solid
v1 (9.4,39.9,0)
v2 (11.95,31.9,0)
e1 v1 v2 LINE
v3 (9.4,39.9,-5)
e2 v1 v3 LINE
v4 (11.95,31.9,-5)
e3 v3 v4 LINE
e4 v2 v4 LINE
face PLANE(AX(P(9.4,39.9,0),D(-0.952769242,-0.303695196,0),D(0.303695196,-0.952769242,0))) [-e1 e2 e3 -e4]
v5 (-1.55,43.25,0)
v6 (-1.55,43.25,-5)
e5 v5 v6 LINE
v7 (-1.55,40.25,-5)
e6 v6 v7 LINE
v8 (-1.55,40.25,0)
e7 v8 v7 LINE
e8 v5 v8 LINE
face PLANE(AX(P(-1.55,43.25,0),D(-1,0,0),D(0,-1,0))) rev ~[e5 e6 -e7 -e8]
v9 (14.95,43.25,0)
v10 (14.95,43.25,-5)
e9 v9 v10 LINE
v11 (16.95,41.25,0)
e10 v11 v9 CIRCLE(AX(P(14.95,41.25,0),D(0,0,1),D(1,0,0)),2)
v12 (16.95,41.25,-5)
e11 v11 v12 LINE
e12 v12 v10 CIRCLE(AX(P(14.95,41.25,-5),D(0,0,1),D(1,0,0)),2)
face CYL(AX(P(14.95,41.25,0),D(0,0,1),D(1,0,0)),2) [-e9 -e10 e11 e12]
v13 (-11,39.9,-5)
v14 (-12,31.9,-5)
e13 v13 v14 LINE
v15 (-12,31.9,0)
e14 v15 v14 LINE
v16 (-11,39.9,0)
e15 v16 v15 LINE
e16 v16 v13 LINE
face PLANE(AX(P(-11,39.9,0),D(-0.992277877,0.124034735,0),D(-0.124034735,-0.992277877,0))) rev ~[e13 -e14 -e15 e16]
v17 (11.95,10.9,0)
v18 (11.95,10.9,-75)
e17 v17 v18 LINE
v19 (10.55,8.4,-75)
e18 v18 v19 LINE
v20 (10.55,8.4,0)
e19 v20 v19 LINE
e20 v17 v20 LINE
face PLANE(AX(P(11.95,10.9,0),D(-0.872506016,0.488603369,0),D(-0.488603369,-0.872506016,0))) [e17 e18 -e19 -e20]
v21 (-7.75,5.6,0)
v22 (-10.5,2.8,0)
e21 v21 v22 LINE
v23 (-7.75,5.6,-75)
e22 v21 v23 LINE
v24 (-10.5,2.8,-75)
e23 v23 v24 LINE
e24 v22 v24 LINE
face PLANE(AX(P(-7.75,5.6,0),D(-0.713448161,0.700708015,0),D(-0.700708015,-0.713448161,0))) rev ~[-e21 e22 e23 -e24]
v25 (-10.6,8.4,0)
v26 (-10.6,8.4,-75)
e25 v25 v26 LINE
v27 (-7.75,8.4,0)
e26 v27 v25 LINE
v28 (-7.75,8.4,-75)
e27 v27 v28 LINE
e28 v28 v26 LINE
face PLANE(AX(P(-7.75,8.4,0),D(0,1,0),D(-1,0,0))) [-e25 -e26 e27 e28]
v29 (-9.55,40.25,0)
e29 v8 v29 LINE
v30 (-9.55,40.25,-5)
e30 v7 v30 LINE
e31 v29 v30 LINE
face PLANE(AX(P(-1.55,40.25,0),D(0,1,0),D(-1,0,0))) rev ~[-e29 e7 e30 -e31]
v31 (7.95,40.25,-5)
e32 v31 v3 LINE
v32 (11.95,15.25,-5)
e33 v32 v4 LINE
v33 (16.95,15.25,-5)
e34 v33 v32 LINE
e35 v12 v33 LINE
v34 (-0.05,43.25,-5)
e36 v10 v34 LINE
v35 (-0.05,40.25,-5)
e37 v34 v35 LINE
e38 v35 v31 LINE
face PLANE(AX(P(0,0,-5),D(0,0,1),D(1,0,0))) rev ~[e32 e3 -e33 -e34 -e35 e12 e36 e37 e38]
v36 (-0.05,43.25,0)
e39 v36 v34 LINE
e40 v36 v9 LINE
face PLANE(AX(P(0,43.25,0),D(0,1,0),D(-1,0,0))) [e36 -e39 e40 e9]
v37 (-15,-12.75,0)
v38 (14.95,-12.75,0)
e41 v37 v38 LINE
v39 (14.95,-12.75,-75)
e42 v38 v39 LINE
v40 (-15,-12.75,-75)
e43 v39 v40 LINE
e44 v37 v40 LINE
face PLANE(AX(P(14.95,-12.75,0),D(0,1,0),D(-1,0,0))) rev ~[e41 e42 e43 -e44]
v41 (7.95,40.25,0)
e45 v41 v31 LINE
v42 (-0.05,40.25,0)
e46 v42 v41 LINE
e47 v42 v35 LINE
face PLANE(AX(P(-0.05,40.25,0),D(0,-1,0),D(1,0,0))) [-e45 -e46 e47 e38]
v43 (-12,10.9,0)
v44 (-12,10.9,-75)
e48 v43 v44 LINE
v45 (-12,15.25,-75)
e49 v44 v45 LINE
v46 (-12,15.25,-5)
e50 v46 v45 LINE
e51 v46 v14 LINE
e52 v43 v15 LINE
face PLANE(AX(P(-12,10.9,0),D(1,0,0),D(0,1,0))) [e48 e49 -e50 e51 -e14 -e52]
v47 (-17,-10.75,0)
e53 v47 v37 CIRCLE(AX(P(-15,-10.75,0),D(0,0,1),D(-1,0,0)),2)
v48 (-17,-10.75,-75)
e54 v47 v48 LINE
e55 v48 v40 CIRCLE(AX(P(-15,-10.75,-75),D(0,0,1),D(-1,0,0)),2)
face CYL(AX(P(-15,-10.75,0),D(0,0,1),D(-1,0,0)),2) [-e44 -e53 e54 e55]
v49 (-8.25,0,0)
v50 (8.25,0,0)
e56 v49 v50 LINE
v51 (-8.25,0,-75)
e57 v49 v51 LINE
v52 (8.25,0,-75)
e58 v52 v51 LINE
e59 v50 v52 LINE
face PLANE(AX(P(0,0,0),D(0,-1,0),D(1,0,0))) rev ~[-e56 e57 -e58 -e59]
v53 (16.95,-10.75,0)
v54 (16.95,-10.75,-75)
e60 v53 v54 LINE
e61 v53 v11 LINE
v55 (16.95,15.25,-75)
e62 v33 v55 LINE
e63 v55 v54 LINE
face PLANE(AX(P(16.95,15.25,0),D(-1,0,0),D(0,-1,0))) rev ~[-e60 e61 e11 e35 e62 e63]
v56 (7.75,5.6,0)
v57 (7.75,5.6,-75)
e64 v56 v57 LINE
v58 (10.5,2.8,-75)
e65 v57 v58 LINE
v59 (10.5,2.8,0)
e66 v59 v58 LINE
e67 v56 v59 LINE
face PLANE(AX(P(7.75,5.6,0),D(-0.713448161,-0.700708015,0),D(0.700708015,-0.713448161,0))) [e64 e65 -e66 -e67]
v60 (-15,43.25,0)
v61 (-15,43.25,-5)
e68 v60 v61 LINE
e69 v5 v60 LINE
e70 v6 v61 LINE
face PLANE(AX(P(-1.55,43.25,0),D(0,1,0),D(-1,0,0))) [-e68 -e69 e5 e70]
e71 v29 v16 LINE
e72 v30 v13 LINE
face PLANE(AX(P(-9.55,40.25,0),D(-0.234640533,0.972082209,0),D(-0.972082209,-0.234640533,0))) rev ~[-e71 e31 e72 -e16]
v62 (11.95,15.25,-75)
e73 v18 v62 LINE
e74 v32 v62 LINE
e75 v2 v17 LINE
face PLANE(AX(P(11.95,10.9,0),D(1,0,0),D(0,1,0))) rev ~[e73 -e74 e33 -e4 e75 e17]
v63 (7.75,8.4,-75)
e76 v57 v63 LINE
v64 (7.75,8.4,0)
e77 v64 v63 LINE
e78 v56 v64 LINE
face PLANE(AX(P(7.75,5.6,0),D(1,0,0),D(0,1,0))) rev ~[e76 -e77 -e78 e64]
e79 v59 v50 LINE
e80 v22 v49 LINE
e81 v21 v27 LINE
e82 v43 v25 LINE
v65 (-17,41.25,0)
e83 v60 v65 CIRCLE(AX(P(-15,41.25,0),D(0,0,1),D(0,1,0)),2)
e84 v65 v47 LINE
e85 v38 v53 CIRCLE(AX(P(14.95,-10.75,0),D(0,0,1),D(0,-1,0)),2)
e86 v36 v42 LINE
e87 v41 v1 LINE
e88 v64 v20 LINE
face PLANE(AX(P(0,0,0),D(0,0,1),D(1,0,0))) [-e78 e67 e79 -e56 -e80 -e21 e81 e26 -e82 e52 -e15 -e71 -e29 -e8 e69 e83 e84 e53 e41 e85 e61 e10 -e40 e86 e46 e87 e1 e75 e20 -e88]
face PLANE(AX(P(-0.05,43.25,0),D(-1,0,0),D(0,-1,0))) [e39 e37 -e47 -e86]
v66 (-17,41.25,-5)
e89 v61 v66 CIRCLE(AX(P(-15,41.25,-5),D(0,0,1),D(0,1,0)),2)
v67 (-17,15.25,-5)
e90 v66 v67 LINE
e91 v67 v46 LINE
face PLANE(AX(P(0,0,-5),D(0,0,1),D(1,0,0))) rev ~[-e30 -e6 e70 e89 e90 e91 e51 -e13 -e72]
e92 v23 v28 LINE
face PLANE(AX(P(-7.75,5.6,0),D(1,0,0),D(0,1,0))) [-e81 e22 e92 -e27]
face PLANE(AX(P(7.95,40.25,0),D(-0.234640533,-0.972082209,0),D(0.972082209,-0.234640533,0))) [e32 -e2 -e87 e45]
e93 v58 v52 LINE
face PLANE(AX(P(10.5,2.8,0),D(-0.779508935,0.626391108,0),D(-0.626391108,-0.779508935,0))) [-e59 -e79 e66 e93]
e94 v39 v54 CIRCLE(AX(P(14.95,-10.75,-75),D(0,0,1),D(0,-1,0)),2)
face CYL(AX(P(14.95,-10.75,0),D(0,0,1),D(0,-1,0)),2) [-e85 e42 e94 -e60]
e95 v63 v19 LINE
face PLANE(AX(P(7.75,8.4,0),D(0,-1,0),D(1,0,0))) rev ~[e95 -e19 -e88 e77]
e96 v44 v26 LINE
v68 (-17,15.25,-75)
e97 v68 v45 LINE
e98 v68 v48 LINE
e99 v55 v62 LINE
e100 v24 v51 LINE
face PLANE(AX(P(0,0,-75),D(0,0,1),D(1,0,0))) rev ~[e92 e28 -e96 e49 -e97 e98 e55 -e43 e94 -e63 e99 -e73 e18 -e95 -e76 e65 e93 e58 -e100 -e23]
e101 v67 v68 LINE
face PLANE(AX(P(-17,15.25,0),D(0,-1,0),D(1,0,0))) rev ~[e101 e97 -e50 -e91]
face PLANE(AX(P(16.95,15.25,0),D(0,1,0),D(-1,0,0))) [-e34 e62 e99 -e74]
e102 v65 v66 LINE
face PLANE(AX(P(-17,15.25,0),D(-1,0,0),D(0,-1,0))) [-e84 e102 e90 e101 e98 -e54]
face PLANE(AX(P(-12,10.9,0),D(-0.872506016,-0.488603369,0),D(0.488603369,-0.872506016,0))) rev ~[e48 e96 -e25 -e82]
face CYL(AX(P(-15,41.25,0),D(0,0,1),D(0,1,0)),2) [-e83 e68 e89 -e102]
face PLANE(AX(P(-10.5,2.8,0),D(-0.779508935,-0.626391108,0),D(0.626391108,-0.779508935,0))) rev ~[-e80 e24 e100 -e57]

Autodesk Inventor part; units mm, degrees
ref_plane "YZ Plane" through (0, 0, 0) normal (1, 0, 0) x (0, 1, 0)
ref_plane "XZ Plane" through (0, 0, 0) normal (0, 1, 0) x (-1, 0, 0)
ref_plane "XY Plane" through (0, 0, 0) normal (0, 0, 1) x (1, 0, 0)
sketch "Boceto1" plane through (0, 0, 0) normal (0, 0, 1) x (1, 0, 0)
  line L0 (0, 0) -> (8.25, 0)
  line L1 (-10.5, 2.8) -> (10.5, 2.8) construction
  line L2 (-7.75, 5.6) -> (7.75, 5.6) construction
  line L3 (10.5, 2.8) -> (8.25, 0)
  line L4 (7.75, 5.6) -> (10.5, 2.8)
  line L5 (7.75, 5.6) -> (7.75, 8.4)
  line L6 (7.75, 8.4) -> (10.55, 8.4)
  line L7 (11.95, 10.9) -> (10.55, 8.4)
  line L8 (11.95, 10.9) -> (11.95, 31.9)
  line L9 (11.95, 10.9) -> (32.95, 10.9) construction
  line L10 (9.4, 39.9) -> (11.95, 31.9)
  line L11 (9.4, 39.9) -> (9.75, 39.9) construction
  line L12 (2.95, 40.25) -> (5.95, 40.25) construction
  line L13 (0, 43.25) -> (-0.05, 43.25)
  line L14 (-3.05, 43.25) -> (-0.05, 43.25) construction
  line L15 (-0.05, 43.25) -> (-0.05, 40.25)
  line L16 (-0.05, 40.25) -> (7.95, 40.25)
  line L17 (7.95, 40.25) -> (9.4, 39.9)
  line L18 (0, 0) -> (-8.25, 0)
  line L19 (-10.5, 2.8) -> (-8.25, 0)
  line L20 (-7.75, 5.6) -> (-10.5, 2.8)
  line L21 (-7.75, 5.6) -> (-7.75, 8.4)
  line L22 (-7.75, 8.4) -> (-10.6, 8.4)
  line L23 (-12, 10.9) -> (-10.6, 8.4)
  line L24 (-12, 10.9) -> (-12, 31.9)
  line L25 (-11, 39.9) -> (-12, 31.9)
  line L26 (-11, 39.9) -> (-11.35, 39.9) construction
  line L27 (0, 43.25) -> (-1.5, 43.25)
  line L28 (-1.55, 43.25) -> (-1.55, 40.25)
  line L29 (-1.55, 40.25) -> (-9.55, 40.25)
  line L30 (-9.55, 40.25) -> (-11, 39.9)
  line L31 (-3.5, 43.25) -> (-1.5, 43.25) construction
  line L32 (0, 43.25) -> (-15, 43.25)
  line L33 (-17, 41.25) -> (-17, 15.25)
  line L34 (-17, 15.25) -> (-12, 15.25)
  line L35 (-17, 15.25) -> (-17, -10.75)
  line L36 (-15, -12.75) -> (0, -12.75)
  line L37 (16.95, 41.25) -> (16.95, 15.25)
  line L38 (16.95, 15.25) -> (11.9, 15.25)
  line L39 (16.95, 15.25) -> (16.95, -10.75)
  line L40 (14.95, -12.75) -> (0, -12.75)
  line L41 (14.95, 43.25) -> (-0.05, 43.25)
  arc A0 (-15, 43.25) -> (-17, 41.25) centre (-15, 41.25) ccw
  arc A1 (16.95, 41.25) -> (14.95, 43.25) centre (14.95, 41.25) ccw
  arc A2 (14.95, -12.75) -> (16.95, -10.75) centre (14.95, -10.75) ccw
  arc A3 (-17, -10.75) -> (-15, -12.75) centre (-15, -10.75) ccw
  point P0 (-5.95, 40.25)
  point P1 (-0.05, 43.25)
  point P2 (-17, 43.25)
  point P3 (16.95, 43.25)
  point P4 (-17, -12.75)
  point P5 (16.95, -12.75)
  point P6 (11.95, 15.25)
  point P7 (-1.55, 43.25)
  dimension "d40" = 2.8
  dimension "d45" = 90
  dimension "d52" = 8.25
  dimension "d53" = 2.8
  dimension "d54" = 2.8
  dimension "d61" = 3
  dimension "d63" = 3
  dimension "d65" = 8
  dimension "d71" = 17
  dimension "d73" = 28
  dimension "d74" = 28
  dimension "d79" = 17
  dimension "d80" = 5
  dimension "d81" = 5
  dimension "d82" = 2
extrude "Extrusión2" add sketch "Boceto1" against normal blind 5 contours L8 L10 L17 L16 L15 L13 L41 A1 L37 L38 | L34 L33 A0 L32 L28 L29 L30 L25 L24
extrude "Extrusión3" add sketch "Boceto1" against normal blind 75 contours L0 L3 L4 L5 L6 L7 L8 L38 L39 A2 L40 L36 A3 L35 L34 L24 L23 L22 L21 L20 L19 L18
properties part number "CaseV1"
